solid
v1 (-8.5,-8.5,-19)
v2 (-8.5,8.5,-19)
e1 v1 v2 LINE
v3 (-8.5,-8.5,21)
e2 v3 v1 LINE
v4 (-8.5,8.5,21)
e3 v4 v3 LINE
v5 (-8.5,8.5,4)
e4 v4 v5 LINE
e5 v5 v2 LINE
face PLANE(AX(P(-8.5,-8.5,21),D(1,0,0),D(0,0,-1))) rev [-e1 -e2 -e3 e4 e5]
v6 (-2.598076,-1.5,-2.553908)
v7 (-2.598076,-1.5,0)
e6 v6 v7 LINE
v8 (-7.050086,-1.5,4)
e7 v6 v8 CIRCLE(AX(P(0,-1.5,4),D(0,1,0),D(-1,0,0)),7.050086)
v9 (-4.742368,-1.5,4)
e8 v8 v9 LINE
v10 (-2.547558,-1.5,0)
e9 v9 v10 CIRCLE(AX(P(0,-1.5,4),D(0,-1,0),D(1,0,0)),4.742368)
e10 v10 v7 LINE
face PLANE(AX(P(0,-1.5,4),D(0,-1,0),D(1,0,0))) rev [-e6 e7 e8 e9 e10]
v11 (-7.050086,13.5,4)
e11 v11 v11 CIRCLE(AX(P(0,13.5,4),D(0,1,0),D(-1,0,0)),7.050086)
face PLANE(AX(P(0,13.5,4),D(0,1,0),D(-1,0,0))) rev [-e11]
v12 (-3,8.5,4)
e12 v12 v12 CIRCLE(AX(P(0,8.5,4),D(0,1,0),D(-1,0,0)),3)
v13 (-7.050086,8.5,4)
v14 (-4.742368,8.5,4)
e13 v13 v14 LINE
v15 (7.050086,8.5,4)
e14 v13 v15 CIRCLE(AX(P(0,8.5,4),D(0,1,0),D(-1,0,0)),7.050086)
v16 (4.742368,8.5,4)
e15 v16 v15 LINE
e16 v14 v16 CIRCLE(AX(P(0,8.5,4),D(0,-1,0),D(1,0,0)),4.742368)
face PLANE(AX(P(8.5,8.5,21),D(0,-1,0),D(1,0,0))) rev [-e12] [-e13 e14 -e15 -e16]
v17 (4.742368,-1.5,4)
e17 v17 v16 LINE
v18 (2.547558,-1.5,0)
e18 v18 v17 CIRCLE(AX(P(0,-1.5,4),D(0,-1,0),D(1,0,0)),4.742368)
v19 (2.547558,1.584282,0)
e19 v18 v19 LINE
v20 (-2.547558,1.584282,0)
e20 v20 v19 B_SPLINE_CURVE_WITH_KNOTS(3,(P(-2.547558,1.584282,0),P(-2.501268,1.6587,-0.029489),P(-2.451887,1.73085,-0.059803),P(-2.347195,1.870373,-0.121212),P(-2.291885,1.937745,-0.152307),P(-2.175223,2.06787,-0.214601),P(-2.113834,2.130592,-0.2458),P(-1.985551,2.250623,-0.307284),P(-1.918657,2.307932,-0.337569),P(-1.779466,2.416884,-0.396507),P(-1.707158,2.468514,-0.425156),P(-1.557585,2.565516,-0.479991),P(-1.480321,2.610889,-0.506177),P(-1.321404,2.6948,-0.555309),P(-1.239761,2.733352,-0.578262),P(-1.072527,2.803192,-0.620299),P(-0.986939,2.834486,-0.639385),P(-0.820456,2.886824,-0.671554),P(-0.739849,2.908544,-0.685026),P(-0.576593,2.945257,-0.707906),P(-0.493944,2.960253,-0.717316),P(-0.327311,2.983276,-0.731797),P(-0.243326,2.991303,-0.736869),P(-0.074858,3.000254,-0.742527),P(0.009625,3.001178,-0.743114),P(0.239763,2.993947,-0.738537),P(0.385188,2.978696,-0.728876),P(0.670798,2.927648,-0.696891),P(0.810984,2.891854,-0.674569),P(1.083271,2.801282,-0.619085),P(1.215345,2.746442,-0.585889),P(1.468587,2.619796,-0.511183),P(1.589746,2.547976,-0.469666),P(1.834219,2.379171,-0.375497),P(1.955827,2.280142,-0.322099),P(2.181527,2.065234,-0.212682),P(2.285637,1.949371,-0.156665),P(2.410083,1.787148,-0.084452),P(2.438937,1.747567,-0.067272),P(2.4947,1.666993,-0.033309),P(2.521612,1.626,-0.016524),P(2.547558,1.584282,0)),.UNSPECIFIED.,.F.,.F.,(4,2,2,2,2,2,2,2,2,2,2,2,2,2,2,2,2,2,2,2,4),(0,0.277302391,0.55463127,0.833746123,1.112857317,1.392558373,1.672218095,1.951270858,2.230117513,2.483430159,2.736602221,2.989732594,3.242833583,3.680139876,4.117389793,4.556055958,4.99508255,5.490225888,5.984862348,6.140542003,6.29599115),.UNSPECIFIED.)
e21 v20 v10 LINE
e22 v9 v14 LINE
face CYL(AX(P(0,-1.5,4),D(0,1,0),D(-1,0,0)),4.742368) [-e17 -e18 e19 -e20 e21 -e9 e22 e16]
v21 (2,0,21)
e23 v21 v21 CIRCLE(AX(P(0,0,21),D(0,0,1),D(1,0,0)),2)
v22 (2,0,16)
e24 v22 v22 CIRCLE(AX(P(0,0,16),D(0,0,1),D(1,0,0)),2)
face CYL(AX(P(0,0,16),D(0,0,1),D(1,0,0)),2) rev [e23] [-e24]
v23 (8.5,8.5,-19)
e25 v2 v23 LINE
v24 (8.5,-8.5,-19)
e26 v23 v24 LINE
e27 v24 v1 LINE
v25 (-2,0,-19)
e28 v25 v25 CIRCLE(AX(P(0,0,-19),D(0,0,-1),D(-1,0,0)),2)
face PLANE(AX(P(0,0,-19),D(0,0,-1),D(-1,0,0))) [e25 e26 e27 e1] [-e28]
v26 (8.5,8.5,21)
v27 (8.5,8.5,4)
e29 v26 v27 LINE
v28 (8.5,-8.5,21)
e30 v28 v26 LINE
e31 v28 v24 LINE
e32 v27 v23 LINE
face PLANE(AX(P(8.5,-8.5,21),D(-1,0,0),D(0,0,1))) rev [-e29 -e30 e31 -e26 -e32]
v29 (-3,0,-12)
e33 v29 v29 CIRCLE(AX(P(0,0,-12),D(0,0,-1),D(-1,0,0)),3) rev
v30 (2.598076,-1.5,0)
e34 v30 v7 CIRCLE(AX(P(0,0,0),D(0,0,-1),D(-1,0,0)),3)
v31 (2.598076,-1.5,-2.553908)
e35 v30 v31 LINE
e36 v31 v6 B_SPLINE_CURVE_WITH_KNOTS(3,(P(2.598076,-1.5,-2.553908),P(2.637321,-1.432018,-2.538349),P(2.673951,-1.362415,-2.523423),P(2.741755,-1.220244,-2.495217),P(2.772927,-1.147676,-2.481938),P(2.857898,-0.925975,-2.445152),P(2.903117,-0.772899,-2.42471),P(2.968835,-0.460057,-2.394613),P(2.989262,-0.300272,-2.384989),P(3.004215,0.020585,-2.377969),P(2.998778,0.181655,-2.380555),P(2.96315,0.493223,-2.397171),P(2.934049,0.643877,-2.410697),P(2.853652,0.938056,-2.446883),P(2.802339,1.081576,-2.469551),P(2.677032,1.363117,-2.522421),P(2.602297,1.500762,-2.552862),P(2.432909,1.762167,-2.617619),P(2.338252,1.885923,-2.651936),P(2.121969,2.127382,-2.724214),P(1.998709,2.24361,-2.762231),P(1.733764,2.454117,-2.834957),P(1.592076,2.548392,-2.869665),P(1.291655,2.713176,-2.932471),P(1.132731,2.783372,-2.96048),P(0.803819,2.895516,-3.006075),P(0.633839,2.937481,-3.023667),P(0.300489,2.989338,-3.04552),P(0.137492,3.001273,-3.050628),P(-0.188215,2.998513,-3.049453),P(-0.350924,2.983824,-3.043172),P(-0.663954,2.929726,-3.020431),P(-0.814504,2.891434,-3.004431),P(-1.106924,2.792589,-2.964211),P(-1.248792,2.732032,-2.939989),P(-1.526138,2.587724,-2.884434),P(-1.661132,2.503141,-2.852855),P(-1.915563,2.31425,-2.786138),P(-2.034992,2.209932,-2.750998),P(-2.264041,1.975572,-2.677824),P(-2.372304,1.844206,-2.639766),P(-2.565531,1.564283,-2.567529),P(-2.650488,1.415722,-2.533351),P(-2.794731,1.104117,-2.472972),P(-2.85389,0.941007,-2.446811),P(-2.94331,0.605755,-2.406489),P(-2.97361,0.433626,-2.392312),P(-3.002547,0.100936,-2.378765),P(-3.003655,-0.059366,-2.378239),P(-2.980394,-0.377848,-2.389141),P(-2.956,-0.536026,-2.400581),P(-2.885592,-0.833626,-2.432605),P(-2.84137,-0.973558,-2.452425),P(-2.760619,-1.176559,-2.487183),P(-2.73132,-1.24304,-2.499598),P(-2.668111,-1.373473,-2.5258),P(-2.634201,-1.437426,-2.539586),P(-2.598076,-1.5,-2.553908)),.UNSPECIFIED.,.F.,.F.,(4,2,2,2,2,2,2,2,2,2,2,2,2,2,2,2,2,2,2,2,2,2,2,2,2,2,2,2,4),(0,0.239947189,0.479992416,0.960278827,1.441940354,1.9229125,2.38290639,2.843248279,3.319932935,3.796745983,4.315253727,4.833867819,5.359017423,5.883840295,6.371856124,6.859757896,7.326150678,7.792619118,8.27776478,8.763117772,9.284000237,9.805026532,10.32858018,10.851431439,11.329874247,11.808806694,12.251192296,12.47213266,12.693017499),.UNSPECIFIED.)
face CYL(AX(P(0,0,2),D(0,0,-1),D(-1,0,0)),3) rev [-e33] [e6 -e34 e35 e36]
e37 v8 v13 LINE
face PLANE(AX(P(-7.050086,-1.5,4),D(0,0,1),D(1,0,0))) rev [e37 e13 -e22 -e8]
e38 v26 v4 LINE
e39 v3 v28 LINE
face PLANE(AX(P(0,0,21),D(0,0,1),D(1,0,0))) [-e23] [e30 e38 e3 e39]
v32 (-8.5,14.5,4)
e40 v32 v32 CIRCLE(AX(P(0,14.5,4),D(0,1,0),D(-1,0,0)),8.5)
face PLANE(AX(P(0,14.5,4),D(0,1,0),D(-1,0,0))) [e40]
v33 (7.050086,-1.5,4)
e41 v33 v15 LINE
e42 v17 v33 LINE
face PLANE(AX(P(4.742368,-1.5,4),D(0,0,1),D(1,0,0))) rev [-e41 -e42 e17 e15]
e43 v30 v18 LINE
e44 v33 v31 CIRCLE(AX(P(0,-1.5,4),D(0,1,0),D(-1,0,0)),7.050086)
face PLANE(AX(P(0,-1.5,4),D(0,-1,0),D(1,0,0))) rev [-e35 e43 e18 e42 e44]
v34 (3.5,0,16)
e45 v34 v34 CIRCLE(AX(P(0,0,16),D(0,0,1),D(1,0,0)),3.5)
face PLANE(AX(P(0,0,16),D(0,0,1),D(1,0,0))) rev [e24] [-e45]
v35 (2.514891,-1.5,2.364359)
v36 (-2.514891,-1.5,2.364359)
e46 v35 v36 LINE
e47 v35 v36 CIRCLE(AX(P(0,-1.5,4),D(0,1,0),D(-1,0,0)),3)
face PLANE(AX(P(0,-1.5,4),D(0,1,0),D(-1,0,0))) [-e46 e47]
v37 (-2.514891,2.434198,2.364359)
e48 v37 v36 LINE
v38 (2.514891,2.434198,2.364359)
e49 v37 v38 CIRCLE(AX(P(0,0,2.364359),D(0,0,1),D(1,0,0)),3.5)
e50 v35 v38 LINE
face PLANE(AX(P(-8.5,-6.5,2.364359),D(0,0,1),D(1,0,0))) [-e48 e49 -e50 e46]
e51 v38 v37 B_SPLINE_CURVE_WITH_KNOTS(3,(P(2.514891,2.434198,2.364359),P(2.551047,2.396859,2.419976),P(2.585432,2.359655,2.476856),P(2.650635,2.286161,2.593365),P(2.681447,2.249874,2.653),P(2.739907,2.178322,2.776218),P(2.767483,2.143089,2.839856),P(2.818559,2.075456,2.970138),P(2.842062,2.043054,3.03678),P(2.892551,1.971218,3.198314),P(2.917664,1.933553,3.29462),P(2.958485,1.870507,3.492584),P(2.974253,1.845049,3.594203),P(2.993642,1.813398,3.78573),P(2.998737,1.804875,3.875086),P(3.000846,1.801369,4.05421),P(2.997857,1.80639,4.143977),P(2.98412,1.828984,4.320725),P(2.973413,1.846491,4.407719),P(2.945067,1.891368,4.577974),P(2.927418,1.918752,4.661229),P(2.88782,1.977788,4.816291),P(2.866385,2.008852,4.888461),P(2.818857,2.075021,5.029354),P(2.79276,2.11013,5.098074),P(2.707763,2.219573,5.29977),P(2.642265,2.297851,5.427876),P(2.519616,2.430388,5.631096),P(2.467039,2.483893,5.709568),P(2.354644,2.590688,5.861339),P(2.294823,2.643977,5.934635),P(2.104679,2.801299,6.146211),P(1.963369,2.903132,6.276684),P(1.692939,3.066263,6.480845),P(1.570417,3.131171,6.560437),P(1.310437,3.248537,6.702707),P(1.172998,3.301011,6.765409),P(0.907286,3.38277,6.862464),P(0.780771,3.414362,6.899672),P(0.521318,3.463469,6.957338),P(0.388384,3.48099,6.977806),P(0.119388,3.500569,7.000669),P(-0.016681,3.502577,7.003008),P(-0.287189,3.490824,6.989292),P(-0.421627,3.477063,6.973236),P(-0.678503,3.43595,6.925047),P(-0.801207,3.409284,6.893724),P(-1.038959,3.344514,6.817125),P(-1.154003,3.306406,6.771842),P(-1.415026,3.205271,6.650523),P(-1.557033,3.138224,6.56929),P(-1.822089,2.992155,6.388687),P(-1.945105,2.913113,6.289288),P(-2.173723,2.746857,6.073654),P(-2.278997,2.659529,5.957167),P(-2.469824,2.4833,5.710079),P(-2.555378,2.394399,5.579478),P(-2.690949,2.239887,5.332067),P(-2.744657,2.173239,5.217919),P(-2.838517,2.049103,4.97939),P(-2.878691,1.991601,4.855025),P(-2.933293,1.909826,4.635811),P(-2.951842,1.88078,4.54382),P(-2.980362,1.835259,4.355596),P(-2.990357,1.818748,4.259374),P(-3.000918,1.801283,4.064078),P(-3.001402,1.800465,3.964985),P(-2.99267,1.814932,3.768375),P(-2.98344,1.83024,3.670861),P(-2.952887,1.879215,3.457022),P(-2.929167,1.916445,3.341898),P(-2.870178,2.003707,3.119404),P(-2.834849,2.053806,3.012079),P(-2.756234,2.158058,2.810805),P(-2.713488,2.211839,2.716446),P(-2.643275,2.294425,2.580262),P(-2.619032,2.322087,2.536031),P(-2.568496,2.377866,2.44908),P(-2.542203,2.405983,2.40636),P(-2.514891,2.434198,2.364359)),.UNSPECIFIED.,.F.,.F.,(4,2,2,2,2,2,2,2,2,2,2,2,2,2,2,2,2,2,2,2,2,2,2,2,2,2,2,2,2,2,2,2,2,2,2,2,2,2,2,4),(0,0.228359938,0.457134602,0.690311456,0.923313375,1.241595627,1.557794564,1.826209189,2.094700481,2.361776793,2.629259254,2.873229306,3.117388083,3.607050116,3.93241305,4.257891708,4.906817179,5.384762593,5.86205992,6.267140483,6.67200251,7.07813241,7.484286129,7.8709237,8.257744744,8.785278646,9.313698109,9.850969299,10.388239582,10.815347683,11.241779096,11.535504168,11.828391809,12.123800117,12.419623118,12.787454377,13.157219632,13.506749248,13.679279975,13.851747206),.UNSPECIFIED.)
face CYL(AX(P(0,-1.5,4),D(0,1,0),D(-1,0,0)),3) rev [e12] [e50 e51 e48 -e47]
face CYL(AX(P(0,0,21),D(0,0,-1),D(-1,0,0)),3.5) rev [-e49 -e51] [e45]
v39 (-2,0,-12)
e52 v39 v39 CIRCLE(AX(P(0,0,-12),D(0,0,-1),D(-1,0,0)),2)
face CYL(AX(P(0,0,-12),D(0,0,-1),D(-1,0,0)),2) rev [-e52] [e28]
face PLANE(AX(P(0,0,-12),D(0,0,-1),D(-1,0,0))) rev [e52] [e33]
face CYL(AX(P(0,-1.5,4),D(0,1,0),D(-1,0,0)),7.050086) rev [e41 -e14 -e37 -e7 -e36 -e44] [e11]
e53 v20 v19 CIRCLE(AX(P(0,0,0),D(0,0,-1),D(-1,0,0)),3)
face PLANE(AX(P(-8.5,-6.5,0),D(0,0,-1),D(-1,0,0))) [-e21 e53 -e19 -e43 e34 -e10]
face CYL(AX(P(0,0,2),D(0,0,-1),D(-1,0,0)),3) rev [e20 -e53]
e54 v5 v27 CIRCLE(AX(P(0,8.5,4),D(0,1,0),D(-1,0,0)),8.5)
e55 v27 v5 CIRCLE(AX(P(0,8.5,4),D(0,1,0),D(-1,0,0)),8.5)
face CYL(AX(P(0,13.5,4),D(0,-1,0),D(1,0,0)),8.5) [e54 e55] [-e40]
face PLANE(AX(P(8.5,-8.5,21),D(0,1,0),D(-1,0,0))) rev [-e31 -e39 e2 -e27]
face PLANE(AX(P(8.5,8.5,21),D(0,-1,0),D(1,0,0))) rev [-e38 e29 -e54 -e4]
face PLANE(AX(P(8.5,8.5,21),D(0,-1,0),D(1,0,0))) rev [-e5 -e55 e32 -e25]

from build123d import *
from build123d.topology import SkipClean

# Parameters (mm, degrees)
SKETCH_1_W          = 17
SKETCH_1_H          = 17
SKETCH_1_R          = 3.5
EXTRUDE_1_DEPTH     = 21
SKETCH_4_W          = 17
SKETCH_4_H          = 17
EXTRUDE_2_DEPTH     = 19
SKETCH_5_R          = 3
CUT_EXTRUDE_2_DEPTH = 21
SKETCH_7_W          = 17
SKETCH_7_H          = 2.364359037
EXTRUDE_3_DEPTH     = 15
CUT_EXTRUDE_5_DEPTH = 10
SKETCH_9_R          = 3
CUT_EXTRUDE_6_DEPTH = 10
EXTRUDE_START       = 5
SKETCH_12_R         = 8.5
EXTRUDE_4_DEPTH     = 5
EXTRUDE_START_2     = 1
SKETCH_13_R         = 8.5
EXTRUDE_5_DEPTH     = 1
SKETCH_15_R         = 5.512560125
SKETCH_15_R_2       = 2
EXTRUDE_6_DEPTH     = 5
EXTRUDE_START_3     = -7
SKETCH_16_R         = 4.074487064
SKETCH_16_R_2       = 2
EXTRUDE_7_DEPTH     = 7


with BuildPart() as part:
    # Эскиз1 → Бобышка-Вытянуть1 (new body)
    with BuildSketch(Plane.XY):
        Rectangle(SKETCH_1_W, SKETCH_1_H)
        with Locations(Location((0, 0, 0), (0, 0, 180))):
            Circle(SKETCH_1_R, mode=Mode.SUBTRACT)
    extrude(amount=EXTRUDE_1_DEPTH)

    # Эскиз4 → Бобышка-Вытянуть2 (add)
    with BuildSketch(Plane(origin=(0, 0, 0), x_dir=(-1, 0, 0), z_dir=(0, 0, -1))):
        Rectangle(SKETCH_4_W, SKETCH_4_H)
    extrude(amount=EXTRUDE_2_DEPTH)

    # Эскиз5 → Вырез-Вытянуть2 (cut)
    with BuildSketch(Plane(origin=(0, 0, -19), x_dir=(-1, 0, 0), z_dir=(0, 0, -1))):
        Circle(SKETCH_5_R)
    extrude(amount=-CUT_EXTRUDE_2_DEPTH, mode=Mode.SUBTRACT)

    # Эскиз7 → Бобышка-Вытянуть3 (add)
    with BuildSketch(Plane(origin=(0, 8.5, 0), x_dir=(1, 0, 0), z_dir=(0, 1, 0))):
        with Locations((0, -1.182179519)):
            Rectangle(SKETCH_7_W, SKETCH_7_H)
    extrude(amount=-EXTRUDE_3_DEPTH)

    # Эскиз10 → Вырез-Вытянуть5 (cut)
    with BuildSketch(Plane(origin=(0, 8.5, 0), x_dir=(1, 0, 0), z_dir=(0, 1, 0))):
        with BuildLine():
            Line((-7.050086148, -4), (-4.742367561, -4))
            ThreePointArc((-4.742367561, -4), (0, 0.742367561), (4.742367561, -4))
            Line((4.742367561, -4), (7.050086148, -4))
            ThreePointArc((7.050086148, -4), (0, 3.050086148), (-7.050086148, -4))
        make_face()
    extrude(amount=-CUT_EXTRUDE_5_DEPTH, mode=Mode.SUBTRACT)

    # Эскиз9 → Вырез-Вытянуть6 (cut)
    with BuildSketch(Plane(origin=(0, 8.5, 0), x_dir=(1, 0, 0), z_dir=(0, 1, 0))):
        with Locations(Location((0, -4, 0), (0, 0, 180))):
            Circle(SKETCH_9_R)
    extrude(amount=-CUT_EXTRUDE_6_DEPTH, mode=Mode.SUBTRACT)

    # Эскиз12 → Бобышка-Вытянуть4 (add)
    with SkipClean():  # the faces are left unmerged after this step: merging them gives an invalid solid
        with BuildSketch(Plane(origin=(0, 8.5, 0), x_dir=(1, 0, 0), z_dir=(0, 1, 0)).offset(EXTRUDE_START)):
            with Locations(Location((0, -4, 0), (0, 0, 180))):
                Circle(SKETCH_12_R)
            with BuildLine():
                ThreePointArc((-7.050086148, -4), (0, 3.050086148), (7.050086148, -4))
                ThreePointArc((7.050086148, -4), (0, -11.050086148), (-7.050086148, -4))
            make_face(mode=Mode.SUBTRACT)
        extrude(amount=-EXTRUDE_4_DEPTH)

    # Эскиз13 → Бобышка-Вытянуть5 (add)
    with SkipClean():  # the faces are left unmerged after this step: merging them gives an invalid solid
        with BuildSketch(Plane(origin=(0, 13.5, 0), x_dir=(1, 0, 0), z_dir=(0, 1, 0)).offset(EXTRUDE_START_2)):
            with Locations(Location((0, -4, 0), (0, 0, 180))):
                Circle(SKETCH_13_R)
        extrude(amount=-EXTRUDE_5_DEPTH)

    # Эскиз15 → Бобышка-Вытянуть6 (add)
    with SkipClean():  # the faces are left unmerged after this step: merging them gives an invalid solid
        with BuildSketch(Plane.XY.offset(21)):
            Circle(SKETCH_15_R)
            Circle(SKETCH_15_R_2, mode=Mode.SUBTRACT)
        extrude(amount=-EXTRUDE_6_DEPTH)

    # Эскиз16 → Бобышка-Вытянуть7 (add)
    with SkipClean():  # the faces are left unmerged after this step: merging them gives an invalid solid
        with BuildSketch(Plane(origin=(0, 0, -19), x_dir=(-1, 0, 0), z_dir=(0, 0, -1)).offset(EXTRUDE_START_3)):
            Circle(SKETCH_16_R)
            with Locations(Location((0, 0, 0), (0, 0, 180))):
                Circle(SKETCH_16_R_2, mode=Mode.SUBTRACT)
        extrude(amount=EXTRUDE_7_DEPTH)


solid = part.part
